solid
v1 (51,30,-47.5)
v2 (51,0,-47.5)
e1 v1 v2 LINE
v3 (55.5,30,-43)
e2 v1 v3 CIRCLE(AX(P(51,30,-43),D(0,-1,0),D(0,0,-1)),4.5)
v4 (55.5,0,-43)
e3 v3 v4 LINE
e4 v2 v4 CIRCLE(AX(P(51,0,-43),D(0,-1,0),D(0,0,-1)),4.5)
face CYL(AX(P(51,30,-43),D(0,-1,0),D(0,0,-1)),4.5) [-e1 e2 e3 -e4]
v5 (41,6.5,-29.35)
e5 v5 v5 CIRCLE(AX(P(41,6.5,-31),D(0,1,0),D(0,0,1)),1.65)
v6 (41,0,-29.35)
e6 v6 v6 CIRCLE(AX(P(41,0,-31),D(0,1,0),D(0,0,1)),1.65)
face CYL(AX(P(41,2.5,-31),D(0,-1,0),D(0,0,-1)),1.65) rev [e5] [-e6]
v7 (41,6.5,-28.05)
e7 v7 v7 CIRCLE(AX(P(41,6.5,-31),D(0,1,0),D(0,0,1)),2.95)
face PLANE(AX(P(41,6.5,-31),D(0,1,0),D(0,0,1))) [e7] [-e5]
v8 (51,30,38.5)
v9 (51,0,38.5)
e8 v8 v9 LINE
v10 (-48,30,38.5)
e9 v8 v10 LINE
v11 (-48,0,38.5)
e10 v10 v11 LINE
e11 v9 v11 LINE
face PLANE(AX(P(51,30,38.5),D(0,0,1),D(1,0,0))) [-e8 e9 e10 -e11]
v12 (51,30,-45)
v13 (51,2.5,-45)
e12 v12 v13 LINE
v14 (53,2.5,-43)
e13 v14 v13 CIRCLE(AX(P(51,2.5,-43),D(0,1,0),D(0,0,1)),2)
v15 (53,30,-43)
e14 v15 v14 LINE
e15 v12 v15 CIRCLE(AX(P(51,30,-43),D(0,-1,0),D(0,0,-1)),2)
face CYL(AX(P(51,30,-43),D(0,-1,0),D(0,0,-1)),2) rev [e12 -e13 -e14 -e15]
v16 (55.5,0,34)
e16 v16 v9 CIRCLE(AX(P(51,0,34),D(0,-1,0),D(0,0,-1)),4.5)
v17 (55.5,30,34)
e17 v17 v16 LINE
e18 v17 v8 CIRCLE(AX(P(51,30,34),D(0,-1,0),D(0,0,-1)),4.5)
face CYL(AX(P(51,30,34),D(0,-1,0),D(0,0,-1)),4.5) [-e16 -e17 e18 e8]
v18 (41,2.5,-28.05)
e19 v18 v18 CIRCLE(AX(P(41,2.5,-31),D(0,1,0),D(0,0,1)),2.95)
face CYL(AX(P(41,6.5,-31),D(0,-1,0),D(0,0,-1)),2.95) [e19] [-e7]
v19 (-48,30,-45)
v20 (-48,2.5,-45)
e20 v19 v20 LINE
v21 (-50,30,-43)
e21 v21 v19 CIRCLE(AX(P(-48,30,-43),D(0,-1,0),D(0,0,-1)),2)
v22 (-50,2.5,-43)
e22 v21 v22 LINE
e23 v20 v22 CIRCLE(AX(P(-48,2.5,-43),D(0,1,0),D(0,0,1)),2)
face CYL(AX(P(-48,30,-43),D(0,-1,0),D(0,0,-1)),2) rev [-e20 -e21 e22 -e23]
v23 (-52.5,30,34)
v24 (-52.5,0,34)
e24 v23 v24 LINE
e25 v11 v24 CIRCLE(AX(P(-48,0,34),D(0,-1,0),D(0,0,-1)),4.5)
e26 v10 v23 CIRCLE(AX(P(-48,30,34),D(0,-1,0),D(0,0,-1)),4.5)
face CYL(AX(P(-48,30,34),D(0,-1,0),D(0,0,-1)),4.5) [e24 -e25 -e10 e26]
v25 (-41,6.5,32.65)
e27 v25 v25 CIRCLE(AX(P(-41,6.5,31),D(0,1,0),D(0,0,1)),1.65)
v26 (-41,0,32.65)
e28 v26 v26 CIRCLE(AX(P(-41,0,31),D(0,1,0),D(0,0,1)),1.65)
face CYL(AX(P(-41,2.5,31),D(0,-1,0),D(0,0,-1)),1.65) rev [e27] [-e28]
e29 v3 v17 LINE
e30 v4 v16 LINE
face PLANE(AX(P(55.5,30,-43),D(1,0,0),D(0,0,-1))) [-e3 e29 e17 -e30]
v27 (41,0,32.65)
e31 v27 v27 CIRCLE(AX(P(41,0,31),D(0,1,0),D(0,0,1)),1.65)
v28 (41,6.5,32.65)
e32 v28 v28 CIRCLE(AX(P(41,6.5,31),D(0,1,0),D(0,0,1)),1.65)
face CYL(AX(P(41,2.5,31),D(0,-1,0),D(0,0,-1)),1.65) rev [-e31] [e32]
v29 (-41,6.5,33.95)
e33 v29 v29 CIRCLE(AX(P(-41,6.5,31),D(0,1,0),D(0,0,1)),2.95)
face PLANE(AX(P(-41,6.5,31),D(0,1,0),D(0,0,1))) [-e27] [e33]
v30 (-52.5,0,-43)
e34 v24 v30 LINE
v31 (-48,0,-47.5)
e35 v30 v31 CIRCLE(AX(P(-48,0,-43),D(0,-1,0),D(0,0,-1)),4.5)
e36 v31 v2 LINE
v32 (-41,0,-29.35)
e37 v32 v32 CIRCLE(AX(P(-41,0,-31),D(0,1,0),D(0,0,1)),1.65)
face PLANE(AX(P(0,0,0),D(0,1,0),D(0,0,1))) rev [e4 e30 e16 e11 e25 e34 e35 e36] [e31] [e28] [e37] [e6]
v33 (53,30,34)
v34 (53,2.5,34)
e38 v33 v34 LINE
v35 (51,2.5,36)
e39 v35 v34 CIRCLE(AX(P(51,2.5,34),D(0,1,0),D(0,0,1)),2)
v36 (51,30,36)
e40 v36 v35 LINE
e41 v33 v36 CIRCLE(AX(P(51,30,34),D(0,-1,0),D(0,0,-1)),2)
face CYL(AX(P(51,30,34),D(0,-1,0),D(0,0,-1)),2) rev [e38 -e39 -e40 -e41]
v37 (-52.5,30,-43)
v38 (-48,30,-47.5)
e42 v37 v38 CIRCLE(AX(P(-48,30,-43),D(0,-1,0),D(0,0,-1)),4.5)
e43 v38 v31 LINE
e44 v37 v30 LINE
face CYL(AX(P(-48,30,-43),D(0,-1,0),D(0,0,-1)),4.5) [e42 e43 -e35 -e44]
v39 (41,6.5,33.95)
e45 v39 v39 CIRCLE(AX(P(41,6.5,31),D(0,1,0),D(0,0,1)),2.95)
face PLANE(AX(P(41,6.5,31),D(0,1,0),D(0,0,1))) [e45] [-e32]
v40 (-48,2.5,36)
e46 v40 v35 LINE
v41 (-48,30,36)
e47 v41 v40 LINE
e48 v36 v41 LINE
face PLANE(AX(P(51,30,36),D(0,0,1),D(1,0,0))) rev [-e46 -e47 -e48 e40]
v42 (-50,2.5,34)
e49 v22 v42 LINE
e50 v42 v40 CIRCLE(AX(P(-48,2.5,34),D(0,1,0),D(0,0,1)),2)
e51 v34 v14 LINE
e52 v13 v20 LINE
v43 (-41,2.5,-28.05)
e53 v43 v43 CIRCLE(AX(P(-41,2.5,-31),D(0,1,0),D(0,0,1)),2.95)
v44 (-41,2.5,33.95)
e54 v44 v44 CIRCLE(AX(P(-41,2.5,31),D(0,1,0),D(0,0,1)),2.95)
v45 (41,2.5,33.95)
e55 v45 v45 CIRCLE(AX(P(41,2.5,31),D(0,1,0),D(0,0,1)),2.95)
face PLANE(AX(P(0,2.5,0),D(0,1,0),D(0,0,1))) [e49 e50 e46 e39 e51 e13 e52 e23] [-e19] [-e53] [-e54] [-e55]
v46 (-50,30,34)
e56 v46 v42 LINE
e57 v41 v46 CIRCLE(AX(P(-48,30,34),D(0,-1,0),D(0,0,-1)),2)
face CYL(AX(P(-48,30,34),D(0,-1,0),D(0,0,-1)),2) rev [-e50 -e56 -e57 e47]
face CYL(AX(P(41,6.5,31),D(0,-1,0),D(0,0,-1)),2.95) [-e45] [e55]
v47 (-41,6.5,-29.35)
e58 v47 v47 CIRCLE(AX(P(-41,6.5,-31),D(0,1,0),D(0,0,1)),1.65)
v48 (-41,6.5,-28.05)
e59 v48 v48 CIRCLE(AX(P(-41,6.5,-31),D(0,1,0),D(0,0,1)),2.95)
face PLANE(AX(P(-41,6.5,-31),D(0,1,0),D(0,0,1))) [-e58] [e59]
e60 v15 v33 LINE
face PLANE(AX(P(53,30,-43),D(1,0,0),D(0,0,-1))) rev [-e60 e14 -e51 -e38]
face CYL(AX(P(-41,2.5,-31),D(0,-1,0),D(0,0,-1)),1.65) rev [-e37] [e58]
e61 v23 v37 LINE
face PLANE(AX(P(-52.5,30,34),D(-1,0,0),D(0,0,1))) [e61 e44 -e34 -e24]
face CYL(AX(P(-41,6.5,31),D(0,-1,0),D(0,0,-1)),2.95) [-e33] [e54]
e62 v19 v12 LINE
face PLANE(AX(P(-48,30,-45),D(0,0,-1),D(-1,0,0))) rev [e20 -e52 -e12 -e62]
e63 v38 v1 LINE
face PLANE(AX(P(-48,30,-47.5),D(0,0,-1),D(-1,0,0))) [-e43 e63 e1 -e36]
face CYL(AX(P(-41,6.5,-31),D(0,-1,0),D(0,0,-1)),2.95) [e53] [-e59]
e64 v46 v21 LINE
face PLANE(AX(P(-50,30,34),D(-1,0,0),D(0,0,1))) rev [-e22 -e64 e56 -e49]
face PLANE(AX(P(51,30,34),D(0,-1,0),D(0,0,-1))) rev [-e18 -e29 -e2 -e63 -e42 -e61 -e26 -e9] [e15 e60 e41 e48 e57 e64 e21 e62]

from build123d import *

# Parameters (mm, degrees)
SKETCH_1_W      = 103
SKETCH_1_H      = 81
SKETCH_1_R      = 1.65
EXTRUDE_1_DEPTH = 2.5
FILLET_1_R      = 2
EXTRUDE_START   = -30
EXTRUDE_2_DEPTH = 30
SKETCH_5_R      = 2.95
SKETCH_5_R_2    = 1.65
EXTRUDE_3_DEPTH = 4


with BuildPart() as part:
    # 草图1 → 凸台-拉伸1 (new body)
    with BuildSketch(Plane(origin=(0, 0, 0), x_dir=(1, 0, 0), z_dir=(0, 1, 0))):
        with Locations((1.5, 4.5)):
            Rectangle(SKETCH_1_W, SKETCH_1_H)
        with Locations(Location((41, 31, 0), (0, 0, 270))):
            Circle(SKETCH_1_R, mode=Mode.SUBTRACT)
        with Locations(Location((41, -31, 0), (0, 0, 270))):
            Circle(SKETCH_1_R, mode=Mode.SUBTRACT)
        with Locations(Location((-41, -31, 0), (0, 0, 270))):
            Circle(SKETCH_1_R, mode=Mode.SUBTRACT)
        with Locations(Location((-41, 31, 0), (0, 0, 270))):
            Circle(SKETCH_1_R, mode=Mode.SUBTRACT)
    extrude(amount=EXTRUDE_1_DEPTH)

    # 圆角1
    fillet_1_edges = [part.edges().sort_by_distance(p)[0] for p in [
        (-50, 1.25, -45),
        (53, 1.25, -45),
        (53, 1.25, 36),
        (-50, 1.25, 36),
    ]]
    fillet(fillet_1_edges, radius=FILLET_1_R)

    # 草图4 → 凸台-拉伸2 (add)
    with BuildSketch(Plane.XZ.offset(EXTRUDE_START)):
        with BuildLine():
            Line((51, 38.5), (-48, 38.5))
            ThreePointArc((-48, 38.5), (-51.181980515, 37.181980515), (-52.5, 34))
            Line((-52.5, 34), (-52.5, -43))
            ThreePointArc((-52.5, -43), (-51.181980515, -46.181980515), (-48, -47.5))
            Line((-48, -47.5), (51, -47.5))
            ThreePointArc((51, -47.5), (54.181980515, -46.181980515), (55.5, -43))
            Line((55.5, -43), (55.5, 34))
            ThreePointArc((55.5, 34), (54.181980515, 37.181980515), (51, 38.5))
        make_face()
        with BuildLine():
            Line((51, 36), (-48, 36))
            ThreePointArc((-48, 36), (-49.414213562, 35.414213562), (-50, 34))
            Line((-50, 34), (-50, -43))
            ThreePointArc((-50, -43), (-49.414213562, -44.414213562), (-48, -45))
            Line((-48, -45), (51, -45))
            ThreePointArc((51, -45), (52.414213562, -44.414213562), (53, -43))
            Line((53, -43), (53, 34))
            ThreePointArc((53, 34), (52.414213562, 35.414213562), (51, 36))
        make_face(mode=Mode.SUBTRACT)
    extrude(amount=EXTRUDE_2_DEPTH)

    # 草图5 → 凸台-拉伸3 (add)
    # profile 1 of 4: a face of its own
    with BuildSketch(Plane(origin=(0, 2.5, 0), x_dir=(1, 0, 0), z_dir=(0, 1, 0))):
        with Locations(Location((-41, -31, 0), (0, 0, 270))):
            Circle(SKETCH_5_R)
        with Locations(Location((-41, -31, 0), (0, 0, 270))):
            Circle(SKETCH_5_R_2, mode=Mode.SUBTRACT)
    # profile 2 of 4: a face of its own
    with BuildSketch(Plane(origin=(0, 2.5, 0), x_dir=(1, 0, 0), z_dir=(0, 1, 0))):
        with Locations(Location((41, -31, 0), (0, 0, 270))):
            Circle(SKETCH_5_R)
        with Locations(Location((41, -31, 0), (0, 0, 270))):
            Circle(SKETCH_5_R_2, mode=Mode.SUBTRACT)
    # profile 3 of 4: a face of its own
    with BuildSketch(Plane(origin=(0, 2.5, 0), x_dir=(1, 0, 0), z_dir=(0, 1, 0))):
        with Locations(Location((41, 31, 0), (0, 0, 270))):
            Circle(SKETCH_5_R)
        with Locations(Location((41, 31, 0), (0, 0, 270))):
            Circle(SKETCH_5_R_2, mode=Mode.SUBTRACT)
    # profile 4 of 4: a face of its own
    with BuildSketch(Plane(origin=(0, 2.5, 0), x_dir=(1, 0, 0), z_dir=(0, 1, 0))):
        with Locations(Location((-41, 31, 0), (0, 0, 270))):
            Circle(SKETCH_5_R)
        with Locations(Location((-41, 31, 0), (0, 0, 270))):
            Circle(SKETCH_5_R_2, mode=Mode.SUBTRACT)
    extrude(amount=EXTRUDE_3_DEPTH)


solid = part.part
